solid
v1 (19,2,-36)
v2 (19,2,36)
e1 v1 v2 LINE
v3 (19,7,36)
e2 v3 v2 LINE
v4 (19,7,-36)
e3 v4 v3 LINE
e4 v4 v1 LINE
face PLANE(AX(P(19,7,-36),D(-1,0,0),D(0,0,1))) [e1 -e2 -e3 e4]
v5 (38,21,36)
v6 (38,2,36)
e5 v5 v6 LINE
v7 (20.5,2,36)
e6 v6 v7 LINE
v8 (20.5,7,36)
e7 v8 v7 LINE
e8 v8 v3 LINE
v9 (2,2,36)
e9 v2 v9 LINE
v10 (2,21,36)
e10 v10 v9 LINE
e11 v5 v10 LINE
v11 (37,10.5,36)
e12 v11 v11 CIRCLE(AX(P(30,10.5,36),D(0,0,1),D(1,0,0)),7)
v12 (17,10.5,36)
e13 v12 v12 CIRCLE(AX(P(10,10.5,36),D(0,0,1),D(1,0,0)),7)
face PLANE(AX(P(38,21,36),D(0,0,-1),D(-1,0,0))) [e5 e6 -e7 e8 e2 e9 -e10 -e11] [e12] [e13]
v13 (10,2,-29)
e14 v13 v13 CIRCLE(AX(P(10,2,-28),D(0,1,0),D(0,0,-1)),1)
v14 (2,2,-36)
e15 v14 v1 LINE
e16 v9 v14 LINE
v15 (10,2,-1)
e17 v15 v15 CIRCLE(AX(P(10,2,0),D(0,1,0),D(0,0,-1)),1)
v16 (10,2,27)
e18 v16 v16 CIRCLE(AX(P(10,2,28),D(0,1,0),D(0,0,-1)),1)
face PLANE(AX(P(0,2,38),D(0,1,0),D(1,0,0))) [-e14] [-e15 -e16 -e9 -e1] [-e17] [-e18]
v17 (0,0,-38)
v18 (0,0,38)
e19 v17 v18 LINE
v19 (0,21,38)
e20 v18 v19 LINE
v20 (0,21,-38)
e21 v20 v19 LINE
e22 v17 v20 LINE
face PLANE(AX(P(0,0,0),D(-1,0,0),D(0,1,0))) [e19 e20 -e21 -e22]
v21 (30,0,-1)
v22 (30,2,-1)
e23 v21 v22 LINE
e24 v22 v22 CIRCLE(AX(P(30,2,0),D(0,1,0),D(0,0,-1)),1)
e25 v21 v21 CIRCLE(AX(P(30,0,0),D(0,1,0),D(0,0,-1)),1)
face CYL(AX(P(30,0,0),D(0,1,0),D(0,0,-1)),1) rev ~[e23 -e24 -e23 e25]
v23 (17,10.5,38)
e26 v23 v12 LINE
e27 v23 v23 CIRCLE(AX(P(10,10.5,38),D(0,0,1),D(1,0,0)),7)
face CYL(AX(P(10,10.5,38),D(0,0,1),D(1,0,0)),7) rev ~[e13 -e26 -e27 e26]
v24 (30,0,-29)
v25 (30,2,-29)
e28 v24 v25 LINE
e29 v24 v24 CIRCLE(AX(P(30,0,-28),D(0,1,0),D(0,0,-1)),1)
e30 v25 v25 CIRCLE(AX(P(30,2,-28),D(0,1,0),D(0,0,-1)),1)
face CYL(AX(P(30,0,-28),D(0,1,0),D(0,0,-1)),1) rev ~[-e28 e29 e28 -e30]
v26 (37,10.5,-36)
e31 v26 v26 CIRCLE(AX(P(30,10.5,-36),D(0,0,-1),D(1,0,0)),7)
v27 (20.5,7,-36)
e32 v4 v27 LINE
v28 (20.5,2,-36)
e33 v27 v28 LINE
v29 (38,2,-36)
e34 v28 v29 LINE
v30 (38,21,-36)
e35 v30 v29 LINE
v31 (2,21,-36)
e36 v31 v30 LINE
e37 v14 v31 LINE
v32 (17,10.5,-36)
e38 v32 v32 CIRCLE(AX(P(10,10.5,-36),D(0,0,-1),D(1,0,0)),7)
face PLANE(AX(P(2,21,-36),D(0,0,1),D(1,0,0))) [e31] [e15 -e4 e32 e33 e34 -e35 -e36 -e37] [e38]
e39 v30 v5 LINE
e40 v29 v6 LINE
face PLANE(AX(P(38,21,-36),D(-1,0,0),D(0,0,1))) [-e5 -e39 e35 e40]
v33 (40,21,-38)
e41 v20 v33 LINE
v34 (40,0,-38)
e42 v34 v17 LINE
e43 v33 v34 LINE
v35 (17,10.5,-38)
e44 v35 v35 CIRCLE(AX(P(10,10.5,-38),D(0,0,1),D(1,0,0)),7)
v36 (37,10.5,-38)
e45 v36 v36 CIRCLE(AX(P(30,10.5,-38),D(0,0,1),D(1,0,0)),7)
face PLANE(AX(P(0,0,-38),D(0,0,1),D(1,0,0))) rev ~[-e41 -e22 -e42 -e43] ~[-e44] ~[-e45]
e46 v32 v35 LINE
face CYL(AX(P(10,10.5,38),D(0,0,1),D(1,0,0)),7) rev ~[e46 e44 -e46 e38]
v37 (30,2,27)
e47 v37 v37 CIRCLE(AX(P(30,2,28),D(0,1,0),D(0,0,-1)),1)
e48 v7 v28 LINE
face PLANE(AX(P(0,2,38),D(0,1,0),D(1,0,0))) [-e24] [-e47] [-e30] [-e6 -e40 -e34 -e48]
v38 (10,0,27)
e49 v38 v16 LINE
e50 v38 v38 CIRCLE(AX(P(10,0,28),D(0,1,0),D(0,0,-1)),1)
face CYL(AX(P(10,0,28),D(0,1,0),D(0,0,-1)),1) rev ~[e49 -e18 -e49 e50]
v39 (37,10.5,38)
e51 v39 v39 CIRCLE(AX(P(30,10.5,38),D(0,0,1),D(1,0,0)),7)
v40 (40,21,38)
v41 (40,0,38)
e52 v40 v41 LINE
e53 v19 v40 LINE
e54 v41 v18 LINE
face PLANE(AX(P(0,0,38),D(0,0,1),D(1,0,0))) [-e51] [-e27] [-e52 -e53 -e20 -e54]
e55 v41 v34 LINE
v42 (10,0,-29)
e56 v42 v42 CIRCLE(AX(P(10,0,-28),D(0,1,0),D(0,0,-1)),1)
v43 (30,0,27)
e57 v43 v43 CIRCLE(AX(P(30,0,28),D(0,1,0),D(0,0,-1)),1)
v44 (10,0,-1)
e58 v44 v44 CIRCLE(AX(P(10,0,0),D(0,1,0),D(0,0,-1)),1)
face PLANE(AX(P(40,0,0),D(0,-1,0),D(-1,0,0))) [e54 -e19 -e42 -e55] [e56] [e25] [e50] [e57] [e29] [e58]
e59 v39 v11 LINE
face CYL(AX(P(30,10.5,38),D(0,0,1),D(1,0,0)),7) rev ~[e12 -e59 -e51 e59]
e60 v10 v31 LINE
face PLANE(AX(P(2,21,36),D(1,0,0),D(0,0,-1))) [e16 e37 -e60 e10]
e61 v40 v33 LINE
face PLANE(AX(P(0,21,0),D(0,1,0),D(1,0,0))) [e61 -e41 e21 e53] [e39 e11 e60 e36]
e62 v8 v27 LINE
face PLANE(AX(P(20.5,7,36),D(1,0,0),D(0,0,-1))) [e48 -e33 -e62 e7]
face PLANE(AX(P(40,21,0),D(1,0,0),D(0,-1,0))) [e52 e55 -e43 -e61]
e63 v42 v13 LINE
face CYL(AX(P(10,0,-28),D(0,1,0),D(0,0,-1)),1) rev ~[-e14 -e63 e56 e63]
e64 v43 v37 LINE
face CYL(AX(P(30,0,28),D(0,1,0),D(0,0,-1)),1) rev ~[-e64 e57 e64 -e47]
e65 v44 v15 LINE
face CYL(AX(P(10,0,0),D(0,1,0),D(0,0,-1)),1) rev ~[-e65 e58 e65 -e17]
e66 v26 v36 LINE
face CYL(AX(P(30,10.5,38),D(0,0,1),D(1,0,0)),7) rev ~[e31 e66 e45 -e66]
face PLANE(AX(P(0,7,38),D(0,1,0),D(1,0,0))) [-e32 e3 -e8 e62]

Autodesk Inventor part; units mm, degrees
ref_plane "YZ Plane" through (0, 0, 0) normal (1, 0, 0) x (0, 1, 0)
ref_plane "XZ Plane" through (0, 0, 0) normal (0, 1, 0) x (-1, 0, 0)
ref_plane "XY Plane" through (0, 0, 0) normal (0, 0, 1) x (1, 0, 0)
sketch "Esquisse1" plane through (0, 0, 0) normal (0, 0, 1) x (1, 0, 0)
  line L0 (0, 21) -> (40, 21)
  line L1 (40, 21) -> (40, 0)
  line L2 (40, 0) -> (0, 0)
  line L3 (0, 0) -> (0, 21)
  line L4 (-8, 0) -> (48, 0) projected
  line L5 (0, -4.2) -> (0, 25.2) projected
  point P0 (0, 0)
  dimension "d0" = 40
  dimension "d1" = 21
extrude "Extrusion1" add sketch "Esquisse1" along normal mid plane 76
sketch "Esquisse2" plane through (0, 0, 38) normal (0, 0, 1) x (1, 0, 0)
  circle A0 centre (10, 10.5) radius 7
  circle A1 centre (30, 10.5) radius 7
  line L0 (40, 21) -> (0, 21) projected
  line L1 (0, 21) -> (0, 0) projected
  line L2 (40, 0) -> (40, 21) projected
  line L3 (0, 0) -> (40, 0) projected
  dimension "d4" = 14
  dimension "d5" = 14
  dimension "d11" = 10.5
  dimension "d20" = 10.5
  dimension "d21" = 20
extrude "Extrusion2" cut sketch "Esquisse2" against normal through all contours A0 | A1
sketch "Esquisse3" plane through (0, 21, 38) normal (0, 1, 0) x (1, 0, 0)
  line L0 (2, 74) -> (38, 74)
  line L1 (38, 74) -> (38, 2)
  line L2 (38, 2) -> (2, 2)
  line L3 (2, 2) -> (2, 74)
  line L4 (0, 76) -> (40, 76) projected
  line L5 (40, 0) -> (0, 0) projected
  line L6 (40, 76) -> (40, 0) projected
  line L7 (0, 76) -> (0, 0) projected
  point P0 (0, 38)
  dimension "d14" = 2
  dimension "d15" = 2
  dimension "d16" = 2
  dimension "d17" = 2
extrude "Extrusion3" cut sketch "Esquisse3" against normal blind 14 contours L0 L1 L2 L3
sketch "Esquisse4" plane through (0, 7, 38) normal (0, 1, 0) x (1, 0, 0)
  line L0 (2, 74) -> (19, 74)
  line L1 (19, 74) -> (19, 2)
  line L2 (19, 2) -> (2, 2)
  line L3 (2, 2) -> (2, 74)
  line L4 (20.5, 74) -> (38, 74)
  line L5 (38, 74) -> (38, 2)
  line L6 (38, 2) -> (20.5, 2)
  line L7 (20.5, 2) -> (20.5, 74)
  line L8 (2, 74) -> (38, 74) projected
  line L9 (2, 2) -> (2, 74) projected
  line L10 (38, 74) -> (38, 2) projected
  line L11 (38, 2) -> (2, 2) projected
  point P0 (0, 38)
  dimension "d22" = 1.5
  dimension "d23" = 17
extrude "Extrusion4" cut sketch "Esquisse4" against normal blind 5 contours L0 L1 L2 L3 | L4 L5 L6 L7
sketch "Esquisse5" plane through (0, 0, 38) normal (0, -1, 0) x (1, 0, 0)
  line L0 (0, 0) -> (40, 0) projected
  line L1 (0, 0) -> (0, -76) projected
  line L2 (40, -76) -> (40, 0) projected
  line L3 (40, -76) -> (0, -76) projected
  point P0 (0, -38)
  point P1 (10, -10)
  point P2 (10, -38)
  point P3 (30, -38)
  point P4 (30, -66)
  point P5 (30, -10)
  point P6 (10, -66)
  dimension "d26" = 28
  dimension "d27" = 28
  dimension "d28" = 10
  dimension "d29" = 10
  dimension "d30" = 10
  dimension "d31" = 10
  dimension "d32" = 20
  dimension "d33" = 38
  dimension "d41" = 28
  dimension "d42" = 28
  dimension "d43" = 20
hole "Perçage1" at (10, 0, 28) at (10, 0, 0) at (30, 0, 0) at (30, 0, -28) at (10, 0, -28) at (30, 0, 28) direction (0, 1, 0) diameter 2 end through all
equation "\"d5\" = d4"
equation "\"d11\" = d20"
equation "\"d15\" = d14"
equation "\"d16\" = d15"
equation "\"d17\" = d16"
equation "\"d27\" = d26"
equation "\"d29\" = d28"
equation "\"d30\" = d28"
equation "\"d31\" = d28"
equation "\"d41\" = d26"
equation "\"d42\" = d26"
equation "\"d43\" = d32"
properties part number "support pile"
